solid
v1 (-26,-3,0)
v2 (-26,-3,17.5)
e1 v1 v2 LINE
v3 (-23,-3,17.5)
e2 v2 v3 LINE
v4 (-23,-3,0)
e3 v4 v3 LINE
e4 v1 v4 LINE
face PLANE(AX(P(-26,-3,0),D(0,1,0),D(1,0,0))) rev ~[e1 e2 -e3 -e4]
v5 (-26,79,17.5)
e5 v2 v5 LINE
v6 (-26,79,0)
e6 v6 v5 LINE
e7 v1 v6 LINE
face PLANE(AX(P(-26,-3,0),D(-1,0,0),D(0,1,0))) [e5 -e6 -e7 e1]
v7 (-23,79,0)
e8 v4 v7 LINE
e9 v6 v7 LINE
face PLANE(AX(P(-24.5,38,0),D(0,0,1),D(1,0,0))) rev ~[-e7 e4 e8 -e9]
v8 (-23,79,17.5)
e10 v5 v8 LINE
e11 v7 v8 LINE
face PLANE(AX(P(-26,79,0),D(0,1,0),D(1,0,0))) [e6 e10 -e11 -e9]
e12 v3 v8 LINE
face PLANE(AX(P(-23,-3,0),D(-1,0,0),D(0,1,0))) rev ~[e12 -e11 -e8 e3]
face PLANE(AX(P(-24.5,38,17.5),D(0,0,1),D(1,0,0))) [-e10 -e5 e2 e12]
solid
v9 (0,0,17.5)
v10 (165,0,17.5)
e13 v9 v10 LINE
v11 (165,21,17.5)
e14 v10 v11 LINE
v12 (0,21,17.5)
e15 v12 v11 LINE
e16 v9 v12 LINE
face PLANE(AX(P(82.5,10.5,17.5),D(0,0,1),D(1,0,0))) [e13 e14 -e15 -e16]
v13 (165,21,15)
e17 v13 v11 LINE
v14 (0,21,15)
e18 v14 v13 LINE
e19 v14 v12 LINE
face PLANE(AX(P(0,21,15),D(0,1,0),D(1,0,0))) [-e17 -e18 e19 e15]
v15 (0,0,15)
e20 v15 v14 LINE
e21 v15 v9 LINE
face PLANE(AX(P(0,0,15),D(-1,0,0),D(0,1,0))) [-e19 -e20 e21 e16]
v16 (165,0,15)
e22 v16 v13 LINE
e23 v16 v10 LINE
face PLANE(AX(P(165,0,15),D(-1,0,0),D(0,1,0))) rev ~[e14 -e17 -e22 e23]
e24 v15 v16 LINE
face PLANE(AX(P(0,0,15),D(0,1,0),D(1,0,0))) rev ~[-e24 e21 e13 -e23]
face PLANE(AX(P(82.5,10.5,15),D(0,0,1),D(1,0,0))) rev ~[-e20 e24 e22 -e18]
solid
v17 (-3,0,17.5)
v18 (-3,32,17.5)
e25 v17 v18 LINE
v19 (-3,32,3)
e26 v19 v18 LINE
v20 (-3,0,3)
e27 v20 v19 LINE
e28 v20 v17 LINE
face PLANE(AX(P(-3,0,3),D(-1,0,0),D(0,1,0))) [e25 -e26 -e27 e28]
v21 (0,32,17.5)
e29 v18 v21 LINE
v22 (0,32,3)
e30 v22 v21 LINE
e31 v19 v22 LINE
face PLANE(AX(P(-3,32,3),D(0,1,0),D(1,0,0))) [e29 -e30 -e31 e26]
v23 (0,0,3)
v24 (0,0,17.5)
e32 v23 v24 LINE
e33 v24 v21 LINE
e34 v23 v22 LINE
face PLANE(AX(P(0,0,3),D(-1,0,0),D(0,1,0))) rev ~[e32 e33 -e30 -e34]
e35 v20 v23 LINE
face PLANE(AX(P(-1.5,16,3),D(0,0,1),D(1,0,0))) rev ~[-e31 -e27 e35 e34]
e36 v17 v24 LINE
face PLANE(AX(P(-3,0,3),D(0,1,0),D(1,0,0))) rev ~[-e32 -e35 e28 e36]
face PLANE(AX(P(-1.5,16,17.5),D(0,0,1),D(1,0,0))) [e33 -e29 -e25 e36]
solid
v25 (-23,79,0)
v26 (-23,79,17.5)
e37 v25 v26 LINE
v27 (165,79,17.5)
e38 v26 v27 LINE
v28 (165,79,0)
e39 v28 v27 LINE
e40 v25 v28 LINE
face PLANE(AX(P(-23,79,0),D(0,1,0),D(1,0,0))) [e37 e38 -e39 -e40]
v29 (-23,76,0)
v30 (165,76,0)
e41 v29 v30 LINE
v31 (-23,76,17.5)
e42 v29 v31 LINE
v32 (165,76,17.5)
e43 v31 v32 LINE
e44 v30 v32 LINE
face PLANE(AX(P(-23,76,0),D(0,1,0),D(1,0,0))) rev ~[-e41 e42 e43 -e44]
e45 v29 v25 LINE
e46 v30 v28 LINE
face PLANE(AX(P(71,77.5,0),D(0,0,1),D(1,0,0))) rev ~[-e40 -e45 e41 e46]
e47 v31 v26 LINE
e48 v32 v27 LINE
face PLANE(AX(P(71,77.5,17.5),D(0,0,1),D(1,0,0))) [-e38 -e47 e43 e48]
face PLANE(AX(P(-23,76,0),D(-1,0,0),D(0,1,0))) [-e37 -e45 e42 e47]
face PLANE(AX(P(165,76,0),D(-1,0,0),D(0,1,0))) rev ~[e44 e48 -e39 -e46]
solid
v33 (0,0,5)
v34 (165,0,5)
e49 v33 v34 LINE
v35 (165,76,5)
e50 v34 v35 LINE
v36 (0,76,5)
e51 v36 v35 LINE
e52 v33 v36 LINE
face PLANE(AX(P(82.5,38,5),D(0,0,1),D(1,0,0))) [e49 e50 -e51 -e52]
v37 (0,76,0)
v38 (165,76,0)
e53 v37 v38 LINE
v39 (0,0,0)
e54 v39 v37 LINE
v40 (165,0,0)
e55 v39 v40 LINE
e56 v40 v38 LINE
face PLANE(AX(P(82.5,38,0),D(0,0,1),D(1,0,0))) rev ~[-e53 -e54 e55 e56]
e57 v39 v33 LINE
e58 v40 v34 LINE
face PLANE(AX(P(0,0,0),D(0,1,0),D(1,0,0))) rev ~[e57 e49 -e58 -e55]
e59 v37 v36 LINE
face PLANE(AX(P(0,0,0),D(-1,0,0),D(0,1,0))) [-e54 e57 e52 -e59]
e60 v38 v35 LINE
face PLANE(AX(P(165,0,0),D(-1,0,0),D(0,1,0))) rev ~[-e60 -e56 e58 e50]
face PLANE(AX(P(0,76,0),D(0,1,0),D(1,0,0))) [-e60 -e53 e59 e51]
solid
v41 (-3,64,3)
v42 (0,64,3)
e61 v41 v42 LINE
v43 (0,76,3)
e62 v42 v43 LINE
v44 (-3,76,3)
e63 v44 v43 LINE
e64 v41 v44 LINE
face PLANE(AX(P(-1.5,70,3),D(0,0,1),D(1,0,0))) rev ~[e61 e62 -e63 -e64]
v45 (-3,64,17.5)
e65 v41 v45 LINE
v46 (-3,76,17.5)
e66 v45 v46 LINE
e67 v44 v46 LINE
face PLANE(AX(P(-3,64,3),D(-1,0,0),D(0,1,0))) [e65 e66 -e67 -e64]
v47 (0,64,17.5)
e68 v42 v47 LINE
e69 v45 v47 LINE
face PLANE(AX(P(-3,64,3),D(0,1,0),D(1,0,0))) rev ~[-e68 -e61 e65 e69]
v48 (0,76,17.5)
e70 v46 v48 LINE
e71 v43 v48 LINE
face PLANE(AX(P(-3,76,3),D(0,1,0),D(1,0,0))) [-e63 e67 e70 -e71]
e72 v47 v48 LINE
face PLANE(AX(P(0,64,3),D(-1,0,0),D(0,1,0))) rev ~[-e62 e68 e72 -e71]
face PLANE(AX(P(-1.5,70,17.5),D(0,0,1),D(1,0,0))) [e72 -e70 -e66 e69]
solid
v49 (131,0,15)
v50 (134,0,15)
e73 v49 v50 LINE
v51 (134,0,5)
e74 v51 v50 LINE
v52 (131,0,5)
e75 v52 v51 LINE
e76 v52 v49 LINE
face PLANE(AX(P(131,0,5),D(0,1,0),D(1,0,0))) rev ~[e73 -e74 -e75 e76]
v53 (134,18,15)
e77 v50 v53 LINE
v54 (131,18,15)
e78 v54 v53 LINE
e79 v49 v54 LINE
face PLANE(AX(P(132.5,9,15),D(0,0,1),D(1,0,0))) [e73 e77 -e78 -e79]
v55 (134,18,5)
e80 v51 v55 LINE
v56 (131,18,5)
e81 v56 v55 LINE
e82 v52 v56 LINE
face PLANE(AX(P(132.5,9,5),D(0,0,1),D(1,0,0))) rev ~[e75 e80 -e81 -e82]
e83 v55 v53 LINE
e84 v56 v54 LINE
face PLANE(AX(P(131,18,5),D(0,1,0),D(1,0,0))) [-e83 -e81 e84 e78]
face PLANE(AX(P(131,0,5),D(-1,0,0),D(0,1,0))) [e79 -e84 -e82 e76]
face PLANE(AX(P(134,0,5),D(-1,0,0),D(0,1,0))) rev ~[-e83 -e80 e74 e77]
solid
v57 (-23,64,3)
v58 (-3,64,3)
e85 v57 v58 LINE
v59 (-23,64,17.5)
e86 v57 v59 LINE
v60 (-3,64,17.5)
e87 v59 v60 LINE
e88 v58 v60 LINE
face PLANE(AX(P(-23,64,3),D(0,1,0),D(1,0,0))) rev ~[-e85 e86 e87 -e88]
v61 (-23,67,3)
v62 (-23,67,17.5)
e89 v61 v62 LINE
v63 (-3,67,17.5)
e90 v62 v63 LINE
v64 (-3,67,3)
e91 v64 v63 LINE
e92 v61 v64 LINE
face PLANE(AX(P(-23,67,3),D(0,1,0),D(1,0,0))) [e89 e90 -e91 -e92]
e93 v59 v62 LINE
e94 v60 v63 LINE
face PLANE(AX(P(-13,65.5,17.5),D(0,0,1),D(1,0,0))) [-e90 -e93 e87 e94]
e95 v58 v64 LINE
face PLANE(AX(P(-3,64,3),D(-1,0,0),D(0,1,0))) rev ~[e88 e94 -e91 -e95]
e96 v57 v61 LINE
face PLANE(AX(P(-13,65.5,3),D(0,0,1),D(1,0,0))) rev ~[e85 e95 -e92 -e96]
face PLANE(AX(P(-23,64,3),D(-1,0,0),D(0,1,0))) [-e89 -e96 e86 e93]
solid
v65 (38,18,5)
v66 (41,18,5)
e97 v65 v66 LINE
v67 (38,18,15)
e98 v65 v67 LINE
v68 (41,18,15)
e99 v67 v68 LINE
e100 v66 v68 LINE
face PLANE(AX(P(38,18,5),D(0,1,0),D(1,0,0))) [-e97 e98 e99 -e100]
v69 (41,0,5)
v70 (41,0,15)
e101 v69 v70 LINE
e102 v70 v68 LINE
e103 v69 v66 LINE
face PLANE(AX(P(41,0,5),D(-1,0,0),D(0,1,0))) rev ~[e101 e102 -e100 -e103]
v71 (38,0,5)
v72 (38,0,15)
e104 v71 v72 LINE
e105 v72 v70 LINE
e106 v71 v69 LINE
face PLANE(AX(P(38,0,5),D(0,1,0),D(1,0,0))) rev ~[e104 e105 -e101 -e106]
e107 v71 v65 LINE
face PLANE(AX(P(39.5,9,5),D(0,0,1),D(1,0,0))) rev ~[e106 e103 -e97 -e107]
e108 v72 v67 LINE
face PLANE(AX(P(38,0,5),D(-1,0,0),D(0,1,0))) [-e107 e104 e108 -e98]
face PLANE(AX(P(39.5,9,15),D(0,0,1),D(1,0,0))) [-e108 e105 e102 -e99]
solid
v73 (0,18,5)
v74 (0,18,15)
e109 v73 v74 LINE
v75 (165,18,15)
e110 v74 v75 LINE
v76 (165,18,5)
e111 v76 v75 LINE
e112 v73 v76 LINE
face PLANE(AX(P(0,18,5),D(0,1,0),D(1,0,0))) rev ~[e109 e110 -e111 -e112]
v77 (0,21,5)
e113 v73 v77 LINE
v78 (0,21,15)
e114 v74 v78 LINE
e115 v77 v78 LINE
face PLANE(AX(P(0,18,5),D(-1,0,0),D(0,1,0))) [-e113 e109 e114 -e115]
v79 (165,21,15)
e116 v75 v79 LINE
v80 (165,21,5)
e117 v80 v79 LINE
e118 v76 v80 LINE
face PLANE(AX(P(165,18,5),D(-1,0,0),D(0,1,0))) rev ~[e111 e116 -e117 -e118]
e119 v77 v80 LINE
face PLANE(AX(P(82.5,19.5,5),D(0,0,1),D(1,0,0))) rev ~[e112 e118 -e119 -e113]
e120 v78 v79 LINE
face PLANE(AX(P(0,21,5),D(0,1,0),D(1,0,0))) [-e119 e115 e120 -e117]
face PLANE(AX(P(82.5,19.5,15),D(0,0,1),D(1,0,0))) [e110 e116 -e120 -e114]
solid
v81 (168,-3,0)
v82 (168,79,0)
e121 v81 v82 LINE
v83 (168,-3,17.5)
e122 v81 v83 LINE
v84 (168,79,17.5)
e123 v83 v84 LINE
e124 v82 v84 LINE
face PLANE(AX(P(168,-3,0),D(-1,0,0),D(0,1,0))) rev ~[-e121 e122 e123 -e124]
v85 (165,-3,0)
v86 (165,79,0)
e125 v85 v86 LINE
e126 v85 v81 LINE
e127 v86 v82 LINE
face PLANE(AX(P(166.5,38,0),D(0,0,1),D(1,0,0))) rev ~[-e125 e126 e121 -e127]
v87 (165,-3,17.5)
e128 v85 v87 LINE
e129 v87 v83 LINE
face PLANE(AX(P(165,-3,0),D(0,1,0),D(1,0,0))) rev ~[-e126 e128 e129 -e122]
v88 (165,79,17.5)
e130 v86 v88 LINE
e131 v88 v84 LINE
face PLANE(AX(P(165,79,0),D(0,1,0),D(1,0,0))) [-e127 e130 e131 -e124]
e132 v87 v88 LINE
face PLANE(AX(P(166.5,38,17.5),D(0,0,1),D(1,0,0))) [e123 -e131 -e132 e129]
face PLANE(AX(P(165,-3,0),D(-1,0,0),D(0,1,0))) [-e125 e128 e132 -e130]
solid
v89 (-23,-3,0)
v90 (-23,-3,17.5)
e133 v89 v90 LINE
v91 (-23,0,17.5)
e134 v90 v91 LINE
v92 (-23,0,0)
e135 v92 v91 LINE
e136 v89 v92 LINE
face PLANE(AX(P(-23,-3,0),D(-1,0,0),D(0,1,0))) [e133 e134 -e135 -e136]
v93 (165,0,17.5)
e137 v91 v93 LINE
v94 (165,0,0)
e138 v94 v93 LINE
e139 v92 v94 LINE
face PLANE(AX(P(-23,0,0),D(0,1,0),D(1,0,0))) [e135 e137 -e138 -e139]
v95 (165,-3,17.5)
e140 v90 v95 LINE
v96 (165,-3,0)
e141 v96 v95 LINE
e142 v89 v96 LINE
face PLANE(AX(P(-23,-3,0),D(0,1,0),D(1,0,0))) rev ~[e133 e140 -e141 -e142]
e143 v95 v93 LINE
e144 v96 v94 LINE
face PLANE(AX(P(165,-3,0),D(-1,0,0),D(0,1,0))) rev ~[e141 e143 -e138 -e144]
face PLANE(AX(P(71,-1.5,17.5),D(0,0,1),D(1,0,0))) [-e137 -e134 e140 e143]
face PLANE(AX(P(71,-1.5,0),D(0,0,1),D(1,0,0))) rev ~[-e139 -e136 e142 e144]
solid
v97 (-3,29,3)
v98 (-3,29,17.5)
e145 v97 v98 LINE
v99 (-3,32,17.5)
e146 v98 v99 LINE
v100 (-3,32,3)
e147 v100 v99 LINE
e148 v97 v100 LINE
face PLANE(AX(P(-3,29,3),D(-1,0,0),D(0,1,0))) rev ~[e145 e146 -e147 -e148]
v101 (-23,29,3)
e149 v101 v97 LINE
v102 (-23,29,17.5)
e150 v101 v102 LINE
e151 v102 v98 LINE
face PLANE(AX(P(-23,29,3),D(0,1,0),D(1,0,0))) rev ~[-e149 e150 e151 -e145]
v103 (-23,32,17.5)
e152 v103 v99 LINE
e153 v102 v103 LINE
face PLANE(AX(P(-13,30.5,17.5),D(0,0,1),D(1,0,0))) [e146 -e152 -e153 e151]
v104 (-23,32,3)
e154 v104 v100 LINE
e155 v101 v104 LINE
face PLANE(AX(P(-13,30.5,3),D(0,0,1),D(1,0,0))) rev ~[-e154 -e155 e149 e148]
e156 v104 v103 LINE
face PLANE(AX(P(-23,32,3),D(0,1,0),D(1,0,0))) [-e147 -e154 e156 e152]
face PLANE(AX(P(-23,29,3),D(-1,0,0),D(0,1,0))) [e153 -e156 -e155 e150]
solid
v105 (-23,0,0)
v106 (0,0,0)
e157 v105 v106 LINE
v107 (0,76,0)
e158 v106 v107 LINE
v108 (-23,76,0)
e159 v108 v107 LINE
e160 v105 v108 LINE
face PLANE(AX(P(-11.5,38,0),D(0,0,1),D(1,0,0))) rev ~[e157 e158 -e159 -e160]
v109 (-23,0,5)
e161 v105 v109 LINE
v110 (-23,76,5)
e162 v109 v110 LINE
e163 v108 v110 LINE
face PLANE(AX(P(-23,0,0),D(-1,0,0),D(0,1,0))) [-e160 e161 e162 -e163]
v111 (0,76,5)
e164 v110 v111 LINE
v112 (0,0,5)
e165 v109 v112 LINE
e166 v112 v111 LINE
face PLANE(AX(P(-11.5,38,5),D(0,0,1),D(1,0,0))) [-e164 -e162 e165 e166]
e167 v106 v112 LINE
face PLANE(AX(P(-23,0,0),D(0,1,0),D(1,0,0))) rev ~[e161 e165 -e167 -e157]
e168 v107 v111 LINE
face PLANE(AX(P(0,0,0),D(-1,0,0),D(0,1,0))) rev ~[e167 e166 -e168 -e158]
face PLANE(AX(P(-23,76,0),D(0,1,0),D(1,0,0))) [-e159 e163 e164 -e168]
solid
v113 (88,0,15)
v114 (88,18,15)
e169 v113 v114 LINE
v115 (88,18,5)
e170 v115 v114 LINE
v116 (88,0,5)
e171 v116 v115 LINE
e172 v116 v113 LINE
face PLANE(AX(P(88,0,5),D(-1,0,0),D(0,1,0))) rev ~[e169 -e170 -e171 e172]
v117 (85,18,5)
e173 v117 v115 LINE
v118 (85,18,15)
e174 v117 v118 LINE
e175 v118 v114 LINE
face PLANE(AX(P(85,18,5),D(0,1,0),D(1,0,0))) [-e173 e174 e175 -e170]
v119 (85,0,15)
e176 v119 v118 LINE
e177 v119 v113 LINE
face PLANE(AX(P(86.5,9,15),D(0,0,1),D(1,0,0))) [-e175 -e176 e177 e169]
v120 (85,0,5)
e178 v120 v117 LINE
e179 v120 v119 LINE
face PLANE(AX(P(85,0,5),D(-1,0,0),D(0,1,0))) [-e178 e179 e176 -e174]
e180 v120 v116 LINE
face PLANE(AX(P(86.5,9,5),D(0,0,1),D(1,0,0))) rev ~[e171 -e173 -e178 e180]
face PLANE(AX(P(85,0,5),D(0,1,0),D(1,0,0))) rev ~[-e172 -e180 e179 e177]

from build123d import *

# Parameters (mm, degrees)
BOX_W        = 165
BOX_H        = 76
BOX_DEPTH    = 5
BOX001_W     = 3
BOX001_H     = 18
BOX001_DEPTH = 10
BOX002_W     = 165
BOX002_H     = 21
BOX002_DEPTH = 2.5
BOX004_W     = 188
BOX004_H     = 3
BOX004_DEPTH = 17.5
BOX005_W     = 188
BOX005_H     = 3
BOX005_DEPTH = 17.5
BOX006_W     = 3
BOX006_H     = 32
BOX006_DEPTH = 14.5
BOX007_W     = 3
BOX007_H     = 12
BOX007_DEPTH = 14.5
BOX008_W     = 3
BOX008_H     = 82
BOX008_DEPTH = 17.5
BOX009_W     = 165
BOX009_H     = 3
BOX009_DEPTH = 10
BOX010_W     = 3
BOX010_H     = 18
BOX010_DEPTH = 10
BOX011_W     = 23
BOX011_H     = 76
BOX011_DEPTH = 5
BOX012_W     = 20
BOX012_H     = 3
BOX012_DEPTH = 14.5
BOX013_W     = 20
BOX013_H     = 3
BOX013_DEPTH = 14.5
BOX014_W     = 3
BOX014_H     = 82
BOX014_DEPTH = 17.5
BOX015_W     = 3
BOX015_H     = 18
BOX015_DEPTH = 10


with BuildPart() as base:
    # Box → Box (new body)
    with BuildSketch(Plane.XY):
        with Locations((82.5, 38)):
            Rectangle(BOX_W, BOX_H)
    extrude(amount=BOX_DEPTH)


with BuildPart() as platform_support:
    # Box001 → Box001 (new body)
    with BuildSketch(Plane(origin=(85, 0, 5), x_dir=(1, 0, 0), z_dir=(0, 0, 1))):
        with Locations((1.5, 9)):
            Rectangle(BOX001_W, BOX001_H)
    extrude(amount=BOX001_DEPTH)


with BuildPart() as platform:
    # Box002 → Box002 (new body)
    with BuildSketch(Plane.XY.offset(15)):
        with Locations((82.5, 10.5)):
            Rectangle(BOX002_W, BOX002_H)
    extrude(amount=BOX002_DEPTH)


with BuildPart() as box004:
    # Box004 → Box004 (new body)
    with BuildSketch(Plane(origin=(-23, -3, 0), x_dir=(1, 0, 0), z_dir=(0, 0, 1))):
        with Locations((94, 1.5)):
            Rectangle(BOX004_W, BOX004_H)
    extrude(amount=BOX004_DEPTH)


with BuildPart() as box005:
    # Box005 → Box005 (new body)
    with BuildSketch(Plane(origin=(-23, 76, 0), x_dir=(1, 0, 0), z_dir=(0, 0, 1))):
        with Locations((94, 1.5)):
            Rectangle(BOX005_W, BOX005_H)
    extrude(amount=BOX005_DEPTH)


with BuildPart() as box006:
    # Box006 → Box006 (new body)
    with BuildSketch(Plane(origin=(-3, 0, 3), x_dir=(1, 0, 0), z_dir=(0, 0, 1))):
        with Locations((1.5, 16)):
            Rectangle(BOX006_W, BOX006_H)
    extrude(amount=BOX006_DEPTH)


with BuildPart() as box007:
    # Box007 → Box007 (new body)
    with BuildSketch(Plane(origin=(-3, 64, 3), x_dir=(1, 0, 0), z_dir=(0, 0, 1))):
        with Locations((1.5, 6)):
            Rectangle(BOX007_W, BOX007_H)
    extrude(amount=BOX007_DEPTH)


with BuildPart() as box008:
    # Box008 → Box008 (new body)
    with BuildSketch(Plane(origin=(165, -3, 0), x_dir=(1, 0, 0), z_dir=(0, 0, 1))):
        with Locations((1.5, 41)):
            Rectangle(BOX008_W, BOX008_H)
    extrude(amount=BOX008_DEPTH)


with BuildPart() as platform_support001:
    # Box009 → Box009 (new body)
    with BuildSketch(Plane(origin=(0, 18, 5), x_dir=(1, 0, 0), z_dir=(0, 0, 1))):
        with Locations((82.5, 1.5)):
            Rectangle(BOX009_W, BOX009_H)
    extrude(amount=BOX009_DEPTH)


with BuildPart() as platform_support002:
    # Box010 → Box010 (new body)
    with BuildSketch(Plane(origin=(131, 0, 5), x_dir=(1, 0, 0), z_dir=(0, 0, 1))):
        with Locations((1.5, 9)):
            Rectangle(BOX010_W, BOX010_H)
    extrude(amount=BOX010_DEPTH)


with BuildPart() as box011:
    # Box011 → Box011 (new body)
    with BuildSketch(Plane(origin=(-23, 0, 0), x_dir=(1, 0, 0), z_dir=(0, 0, 1))):
        with Locations((11.5, 38)):
            Rectangle(BOX011_W, BOX011_H)
    extrude(amount=BOX011_DEPTH)


with BuildPart() as box012:
    # Box012 → Box012 (new body)
    with BuildSketch(Plane(origin=(-23, 64, 3), x_dir=(1, 0, 0), z_dir=(0, 0, 1))):
        with Locations((10, 1.5)):
            Rectangle(BOX012_W, BOX012_H)
    extrude(amount=BOX012_DEPTH)


with BuildPart() as box013:
    # Box013 → Box013 (new body)
    with BuildSketch(Plane(origin=(-23, 29, 3), x_dir=(1, 0, 0), z_dir=(0, 0, 1))):
        with Locations((10, 1.5)):
            Rectangle(BOX013_W, BOX013_H)
    extrude(amount=BOX013_DEPTH)


with BuildPart() as box014:
    # Box014 → Box014 (new body)
    with BuildSketch(Plane(origin=(-26, -3, 0), x_dir=(1, 0, 0), z_dir=(0, 0, 1))):
        with Locations((1.5, 41)):
            Rectangle(BOX014_W, BOX014_H)
    extrude(amount=BOX014_DEPTH)


with BuildPart() as platform_support003:
    # Box015 → Box015 (new body)
    with BuildSketch(Plane(origin=(38, 0, 5), x_dir=(1, 0, 0), z_dir=(0, 0, 1))):
        with Locations((1.5, 9)):
            Rectangle(BOX015_W, BOX015_H)
    extrude(amount=BOX015_DEPTH)


solid = Compound([base.part, platform_support.part, platform.part, box004.part, box005.part, box006.part, box007.part, box008.part, platform_support001.part, platform_support002.part, box011.part, box012.part, box013.part, box014.part, platform_support003.part])
